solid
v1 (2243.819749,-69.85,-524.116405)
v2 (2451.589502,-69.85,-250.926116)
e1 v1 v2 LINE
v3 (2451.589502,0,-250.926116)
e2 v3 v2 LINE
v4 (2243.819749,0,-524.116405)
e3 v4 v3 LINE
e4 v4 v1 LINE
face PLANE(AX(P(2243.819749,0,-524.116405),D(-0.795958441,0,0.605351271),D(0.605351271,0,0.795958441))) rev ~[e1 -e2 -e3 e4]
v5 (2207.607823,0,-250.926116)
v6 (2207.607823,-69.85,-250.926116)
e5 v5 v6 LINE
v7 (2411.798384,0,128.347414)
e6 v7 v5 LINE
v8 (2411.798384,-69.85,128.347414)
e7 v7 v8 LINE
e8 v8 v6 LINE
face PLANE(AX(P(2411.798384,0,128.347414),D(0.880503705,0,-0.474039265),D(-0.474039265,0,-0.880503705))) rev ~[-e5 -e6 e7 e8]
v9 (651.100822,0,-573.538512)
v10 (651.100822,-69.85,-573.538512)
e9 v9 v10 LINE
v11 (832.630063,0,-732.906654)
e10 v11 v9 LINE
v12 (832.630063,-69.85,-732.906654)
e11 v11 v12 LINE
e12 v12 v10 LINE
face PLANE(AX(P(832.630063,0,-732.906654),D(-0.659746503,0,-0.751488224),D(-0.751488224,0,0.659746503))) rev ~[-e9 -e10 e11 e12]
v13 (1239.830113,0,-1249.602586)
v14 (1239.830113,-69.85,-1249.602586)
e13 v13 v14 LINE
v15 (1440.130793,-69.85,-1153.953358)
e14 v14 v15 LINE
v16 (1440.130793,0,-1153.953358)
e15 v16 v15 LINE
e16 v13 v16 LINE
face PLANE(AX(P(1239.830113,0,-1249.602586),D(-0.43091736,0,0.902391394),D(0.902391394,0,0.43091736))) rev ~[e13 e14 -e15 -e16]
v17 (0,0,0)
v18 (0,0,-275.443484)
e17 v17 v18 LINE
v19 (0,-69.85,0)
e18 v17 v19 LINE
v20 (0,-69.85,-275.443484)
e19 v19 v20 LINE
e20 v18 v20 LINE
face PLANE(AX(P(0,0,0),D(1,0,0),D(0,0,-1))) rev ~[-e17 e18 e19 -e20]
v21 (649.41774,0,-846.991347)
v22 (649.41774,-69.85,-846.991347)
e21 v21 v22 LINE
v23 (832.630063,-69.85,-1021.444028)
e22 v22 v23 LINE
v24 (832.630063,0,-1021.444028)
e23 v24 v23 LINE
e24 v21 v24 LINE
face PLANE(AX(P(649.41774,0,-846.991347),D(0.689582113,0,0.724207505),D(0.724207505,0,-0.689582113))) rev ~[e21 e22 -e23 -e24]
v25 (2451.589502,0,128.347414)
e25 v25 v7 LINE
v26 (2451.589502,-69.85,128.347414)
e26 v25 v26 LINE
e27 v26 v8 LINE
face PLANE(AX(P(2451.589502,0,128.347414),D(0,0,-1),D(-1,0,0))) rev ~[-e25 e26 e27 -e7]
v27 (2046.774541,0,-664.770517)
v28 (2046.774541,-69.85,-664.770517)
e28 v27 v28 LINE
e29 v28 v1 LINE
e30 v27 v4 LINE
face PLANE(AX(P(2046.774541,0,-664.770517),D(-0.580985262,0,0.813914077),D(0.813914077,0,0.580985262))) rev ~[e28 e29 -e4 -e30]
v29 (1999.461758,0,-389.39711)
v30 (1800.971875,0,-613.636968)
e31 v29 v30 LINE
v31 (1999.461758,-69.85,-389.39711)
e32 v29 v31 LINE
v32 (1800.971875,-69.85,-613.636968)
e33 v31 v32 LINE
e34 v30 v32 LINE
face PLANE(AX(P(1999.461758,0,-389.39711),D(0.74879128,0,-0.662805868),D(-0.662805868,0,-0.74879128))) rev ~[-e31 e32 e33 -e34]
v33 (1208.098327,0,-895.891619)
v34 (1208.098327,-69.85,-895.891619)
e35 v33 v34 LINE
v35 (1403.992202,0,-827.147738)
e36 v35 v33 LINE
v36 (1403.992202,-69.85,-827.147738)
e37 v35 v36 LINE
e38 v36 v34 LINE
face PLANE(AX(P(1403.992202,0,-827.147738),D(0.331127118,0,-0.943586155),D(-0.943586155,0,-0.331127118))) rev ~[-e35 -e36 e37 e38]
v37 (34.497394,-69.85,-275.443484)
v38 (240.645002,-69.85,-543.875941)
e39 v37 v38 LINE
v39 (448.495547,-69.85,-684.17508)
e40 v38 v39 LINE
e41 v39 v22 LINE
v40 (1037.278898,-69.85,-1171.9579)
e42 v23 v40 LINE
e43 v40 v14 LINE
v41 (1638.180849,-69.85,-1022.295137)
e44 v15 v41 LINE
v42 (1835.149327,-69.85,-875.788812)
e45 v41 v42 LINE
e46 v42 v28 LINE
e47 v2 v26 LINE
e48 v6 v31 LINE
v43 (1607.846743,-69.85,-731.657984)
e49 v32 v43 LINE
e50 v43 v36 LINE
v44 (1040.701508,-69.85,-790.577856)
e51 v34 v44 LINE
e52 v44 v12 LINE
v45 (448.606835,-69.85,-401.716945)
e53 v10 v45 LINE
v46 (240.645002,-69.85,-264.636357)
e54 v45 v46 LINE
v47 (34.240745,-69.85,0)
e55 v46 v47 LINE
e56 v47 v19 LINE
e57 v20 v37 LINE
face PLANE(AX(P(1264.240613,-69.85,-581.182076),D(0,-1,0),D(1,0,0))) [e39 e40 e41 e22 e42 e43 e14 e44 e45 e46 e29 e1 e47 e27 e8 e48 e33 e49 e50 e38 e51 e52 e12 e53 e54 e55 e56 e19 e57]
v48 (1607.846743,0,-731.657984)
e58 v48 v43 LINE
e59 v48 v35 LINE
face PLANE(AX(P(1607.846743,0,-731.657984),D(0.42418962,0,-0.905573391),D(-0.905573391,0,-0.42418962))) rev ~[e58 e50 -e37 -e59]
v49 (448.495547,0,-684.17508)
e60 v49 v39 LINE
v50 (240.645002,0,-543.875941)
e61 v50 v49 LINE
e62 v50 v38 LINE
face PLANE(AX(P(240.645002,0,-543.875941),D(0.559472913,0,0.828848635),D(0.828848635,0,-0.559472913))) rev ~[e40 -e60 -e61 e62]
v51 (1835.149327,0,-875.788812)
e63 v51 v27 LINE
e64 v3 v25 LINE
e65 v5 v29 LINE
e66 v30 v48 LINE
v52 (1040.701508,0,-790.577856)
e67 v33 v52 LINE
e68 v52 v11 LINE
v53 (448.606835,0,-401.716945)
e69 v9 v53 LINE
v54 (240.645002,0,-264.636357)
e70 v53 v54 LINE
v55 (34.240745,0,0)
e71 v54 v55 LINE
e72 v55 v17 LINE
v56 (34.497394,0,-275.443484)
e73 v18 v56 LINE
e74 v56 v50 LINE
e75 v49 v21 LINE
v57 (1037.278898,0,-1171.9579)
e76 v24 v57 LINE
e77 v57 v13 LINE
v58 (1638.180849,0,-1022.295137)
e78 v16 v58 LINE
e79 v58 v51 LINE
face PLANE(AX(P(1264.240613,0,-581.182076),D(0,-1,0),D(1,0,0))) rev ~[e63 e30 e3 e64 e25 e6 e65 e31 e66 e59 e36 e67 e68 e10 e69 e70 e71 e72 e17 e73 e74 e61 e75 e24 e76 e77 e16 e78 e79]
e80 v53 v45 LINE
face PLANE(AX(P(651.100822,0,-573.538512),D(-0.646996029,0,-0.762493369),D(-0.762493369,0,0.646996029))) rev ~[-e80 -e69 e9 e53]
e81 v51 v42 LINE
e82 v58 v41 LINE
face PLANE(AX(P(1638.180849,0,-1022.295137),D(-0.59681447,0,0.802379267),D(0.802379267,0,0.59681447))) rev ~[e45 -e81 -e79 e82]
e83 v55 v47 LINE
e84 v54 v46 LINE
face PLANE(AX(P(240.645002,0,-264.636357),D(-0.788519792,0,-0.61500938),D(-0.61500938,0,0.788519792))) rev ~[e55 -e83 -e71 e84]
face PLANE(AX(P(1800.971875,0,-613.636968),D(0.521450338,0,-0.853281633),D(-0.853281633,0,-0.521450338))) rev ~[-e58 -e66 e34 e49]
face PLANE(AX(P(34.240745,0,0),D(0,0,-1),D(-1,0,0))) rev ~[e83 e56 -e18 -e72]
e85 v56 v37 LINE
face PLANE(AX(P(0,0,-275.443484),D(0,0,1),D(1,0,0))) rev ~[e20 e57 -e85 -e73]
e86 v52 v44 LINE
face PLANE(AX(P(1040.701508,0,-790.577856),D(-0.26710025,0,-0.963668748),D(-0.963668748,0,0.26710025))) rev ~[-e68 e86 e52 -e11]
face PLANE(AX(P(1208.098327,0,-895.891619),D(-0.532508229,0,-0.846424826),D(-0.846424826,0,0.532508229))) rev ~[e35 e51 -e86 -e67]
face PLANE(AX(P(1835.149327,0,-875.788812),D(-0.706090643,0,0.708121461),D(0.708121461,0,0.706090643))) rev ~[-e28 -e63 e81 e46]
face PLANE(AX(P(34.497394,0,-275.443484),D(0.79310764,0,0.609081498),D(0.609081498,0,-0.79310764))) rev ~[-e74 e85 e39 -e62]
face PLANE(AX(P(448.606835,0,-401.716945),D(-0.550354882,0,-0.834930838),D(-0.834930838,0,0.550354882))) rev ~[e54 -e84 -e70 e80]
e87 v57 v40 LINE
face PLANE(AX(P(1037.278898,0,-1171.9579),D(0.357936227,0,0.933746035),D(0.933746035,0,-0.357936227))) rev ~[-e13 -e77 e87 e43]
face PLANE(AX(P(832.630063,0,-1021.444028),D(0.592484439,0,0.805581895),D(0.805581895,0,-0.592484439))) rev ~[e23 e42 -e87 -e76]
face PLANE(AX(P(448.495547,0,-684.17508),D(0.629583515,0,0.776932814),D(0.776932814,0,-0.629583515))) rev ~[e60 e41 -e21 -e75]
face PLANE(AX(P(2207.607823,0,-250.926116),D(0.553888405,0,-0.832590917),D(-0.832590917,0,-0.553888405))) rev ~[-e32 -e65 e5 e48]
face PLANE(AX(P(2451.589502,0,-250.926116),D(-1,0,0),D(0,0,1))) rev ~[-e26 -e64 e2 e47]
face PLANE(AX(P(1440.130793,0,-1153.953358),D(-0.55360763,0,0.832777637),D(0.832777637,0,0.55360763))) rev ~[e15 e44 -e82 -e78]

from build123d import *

# Parameters (mm, degrees)
F1_DEPTH = 69.85


with BuildPart() as f1:
    # F0 (on Front) → F1 (new body)
    with BuildSketch(Plane.XZ):
        Polygon((34.240745, 0), (0, 0), (0, -275.443484), (34.497394, -275.443484), (240.645002, -543.875941), (448.495547, -684.17508), (649.41774, -846.991347), (832.630063, -1021.444028), (1037.278898, -1171.9579), (1239.830113, -1249.602586), (1440.130793, -1153.953358), (1638.180849, -1022.295137), (1835.149327, -875.788812), (2046.774541, -664.770517), (2243.819749, -524.116405), (2451.589502, -250.926116), (2451.589502, 128.347414), (2411.798384, 128.347414), (2207.607823, -250.926116), (1999.461758, -389.39711), (1800.971875, -613.636968), (1607.846743, -731.657984), (1403.992202, -827.147738), (1208.098327, -895.891619), (1040.701508, -790.577856), (832.630063, -732.906654), (651.100822, -573.538512), (448.606835, -401.716945), (240.645002, -264.636357), align=None)
    extrude(amount=F1_DEPTH)


solid = f1.part
